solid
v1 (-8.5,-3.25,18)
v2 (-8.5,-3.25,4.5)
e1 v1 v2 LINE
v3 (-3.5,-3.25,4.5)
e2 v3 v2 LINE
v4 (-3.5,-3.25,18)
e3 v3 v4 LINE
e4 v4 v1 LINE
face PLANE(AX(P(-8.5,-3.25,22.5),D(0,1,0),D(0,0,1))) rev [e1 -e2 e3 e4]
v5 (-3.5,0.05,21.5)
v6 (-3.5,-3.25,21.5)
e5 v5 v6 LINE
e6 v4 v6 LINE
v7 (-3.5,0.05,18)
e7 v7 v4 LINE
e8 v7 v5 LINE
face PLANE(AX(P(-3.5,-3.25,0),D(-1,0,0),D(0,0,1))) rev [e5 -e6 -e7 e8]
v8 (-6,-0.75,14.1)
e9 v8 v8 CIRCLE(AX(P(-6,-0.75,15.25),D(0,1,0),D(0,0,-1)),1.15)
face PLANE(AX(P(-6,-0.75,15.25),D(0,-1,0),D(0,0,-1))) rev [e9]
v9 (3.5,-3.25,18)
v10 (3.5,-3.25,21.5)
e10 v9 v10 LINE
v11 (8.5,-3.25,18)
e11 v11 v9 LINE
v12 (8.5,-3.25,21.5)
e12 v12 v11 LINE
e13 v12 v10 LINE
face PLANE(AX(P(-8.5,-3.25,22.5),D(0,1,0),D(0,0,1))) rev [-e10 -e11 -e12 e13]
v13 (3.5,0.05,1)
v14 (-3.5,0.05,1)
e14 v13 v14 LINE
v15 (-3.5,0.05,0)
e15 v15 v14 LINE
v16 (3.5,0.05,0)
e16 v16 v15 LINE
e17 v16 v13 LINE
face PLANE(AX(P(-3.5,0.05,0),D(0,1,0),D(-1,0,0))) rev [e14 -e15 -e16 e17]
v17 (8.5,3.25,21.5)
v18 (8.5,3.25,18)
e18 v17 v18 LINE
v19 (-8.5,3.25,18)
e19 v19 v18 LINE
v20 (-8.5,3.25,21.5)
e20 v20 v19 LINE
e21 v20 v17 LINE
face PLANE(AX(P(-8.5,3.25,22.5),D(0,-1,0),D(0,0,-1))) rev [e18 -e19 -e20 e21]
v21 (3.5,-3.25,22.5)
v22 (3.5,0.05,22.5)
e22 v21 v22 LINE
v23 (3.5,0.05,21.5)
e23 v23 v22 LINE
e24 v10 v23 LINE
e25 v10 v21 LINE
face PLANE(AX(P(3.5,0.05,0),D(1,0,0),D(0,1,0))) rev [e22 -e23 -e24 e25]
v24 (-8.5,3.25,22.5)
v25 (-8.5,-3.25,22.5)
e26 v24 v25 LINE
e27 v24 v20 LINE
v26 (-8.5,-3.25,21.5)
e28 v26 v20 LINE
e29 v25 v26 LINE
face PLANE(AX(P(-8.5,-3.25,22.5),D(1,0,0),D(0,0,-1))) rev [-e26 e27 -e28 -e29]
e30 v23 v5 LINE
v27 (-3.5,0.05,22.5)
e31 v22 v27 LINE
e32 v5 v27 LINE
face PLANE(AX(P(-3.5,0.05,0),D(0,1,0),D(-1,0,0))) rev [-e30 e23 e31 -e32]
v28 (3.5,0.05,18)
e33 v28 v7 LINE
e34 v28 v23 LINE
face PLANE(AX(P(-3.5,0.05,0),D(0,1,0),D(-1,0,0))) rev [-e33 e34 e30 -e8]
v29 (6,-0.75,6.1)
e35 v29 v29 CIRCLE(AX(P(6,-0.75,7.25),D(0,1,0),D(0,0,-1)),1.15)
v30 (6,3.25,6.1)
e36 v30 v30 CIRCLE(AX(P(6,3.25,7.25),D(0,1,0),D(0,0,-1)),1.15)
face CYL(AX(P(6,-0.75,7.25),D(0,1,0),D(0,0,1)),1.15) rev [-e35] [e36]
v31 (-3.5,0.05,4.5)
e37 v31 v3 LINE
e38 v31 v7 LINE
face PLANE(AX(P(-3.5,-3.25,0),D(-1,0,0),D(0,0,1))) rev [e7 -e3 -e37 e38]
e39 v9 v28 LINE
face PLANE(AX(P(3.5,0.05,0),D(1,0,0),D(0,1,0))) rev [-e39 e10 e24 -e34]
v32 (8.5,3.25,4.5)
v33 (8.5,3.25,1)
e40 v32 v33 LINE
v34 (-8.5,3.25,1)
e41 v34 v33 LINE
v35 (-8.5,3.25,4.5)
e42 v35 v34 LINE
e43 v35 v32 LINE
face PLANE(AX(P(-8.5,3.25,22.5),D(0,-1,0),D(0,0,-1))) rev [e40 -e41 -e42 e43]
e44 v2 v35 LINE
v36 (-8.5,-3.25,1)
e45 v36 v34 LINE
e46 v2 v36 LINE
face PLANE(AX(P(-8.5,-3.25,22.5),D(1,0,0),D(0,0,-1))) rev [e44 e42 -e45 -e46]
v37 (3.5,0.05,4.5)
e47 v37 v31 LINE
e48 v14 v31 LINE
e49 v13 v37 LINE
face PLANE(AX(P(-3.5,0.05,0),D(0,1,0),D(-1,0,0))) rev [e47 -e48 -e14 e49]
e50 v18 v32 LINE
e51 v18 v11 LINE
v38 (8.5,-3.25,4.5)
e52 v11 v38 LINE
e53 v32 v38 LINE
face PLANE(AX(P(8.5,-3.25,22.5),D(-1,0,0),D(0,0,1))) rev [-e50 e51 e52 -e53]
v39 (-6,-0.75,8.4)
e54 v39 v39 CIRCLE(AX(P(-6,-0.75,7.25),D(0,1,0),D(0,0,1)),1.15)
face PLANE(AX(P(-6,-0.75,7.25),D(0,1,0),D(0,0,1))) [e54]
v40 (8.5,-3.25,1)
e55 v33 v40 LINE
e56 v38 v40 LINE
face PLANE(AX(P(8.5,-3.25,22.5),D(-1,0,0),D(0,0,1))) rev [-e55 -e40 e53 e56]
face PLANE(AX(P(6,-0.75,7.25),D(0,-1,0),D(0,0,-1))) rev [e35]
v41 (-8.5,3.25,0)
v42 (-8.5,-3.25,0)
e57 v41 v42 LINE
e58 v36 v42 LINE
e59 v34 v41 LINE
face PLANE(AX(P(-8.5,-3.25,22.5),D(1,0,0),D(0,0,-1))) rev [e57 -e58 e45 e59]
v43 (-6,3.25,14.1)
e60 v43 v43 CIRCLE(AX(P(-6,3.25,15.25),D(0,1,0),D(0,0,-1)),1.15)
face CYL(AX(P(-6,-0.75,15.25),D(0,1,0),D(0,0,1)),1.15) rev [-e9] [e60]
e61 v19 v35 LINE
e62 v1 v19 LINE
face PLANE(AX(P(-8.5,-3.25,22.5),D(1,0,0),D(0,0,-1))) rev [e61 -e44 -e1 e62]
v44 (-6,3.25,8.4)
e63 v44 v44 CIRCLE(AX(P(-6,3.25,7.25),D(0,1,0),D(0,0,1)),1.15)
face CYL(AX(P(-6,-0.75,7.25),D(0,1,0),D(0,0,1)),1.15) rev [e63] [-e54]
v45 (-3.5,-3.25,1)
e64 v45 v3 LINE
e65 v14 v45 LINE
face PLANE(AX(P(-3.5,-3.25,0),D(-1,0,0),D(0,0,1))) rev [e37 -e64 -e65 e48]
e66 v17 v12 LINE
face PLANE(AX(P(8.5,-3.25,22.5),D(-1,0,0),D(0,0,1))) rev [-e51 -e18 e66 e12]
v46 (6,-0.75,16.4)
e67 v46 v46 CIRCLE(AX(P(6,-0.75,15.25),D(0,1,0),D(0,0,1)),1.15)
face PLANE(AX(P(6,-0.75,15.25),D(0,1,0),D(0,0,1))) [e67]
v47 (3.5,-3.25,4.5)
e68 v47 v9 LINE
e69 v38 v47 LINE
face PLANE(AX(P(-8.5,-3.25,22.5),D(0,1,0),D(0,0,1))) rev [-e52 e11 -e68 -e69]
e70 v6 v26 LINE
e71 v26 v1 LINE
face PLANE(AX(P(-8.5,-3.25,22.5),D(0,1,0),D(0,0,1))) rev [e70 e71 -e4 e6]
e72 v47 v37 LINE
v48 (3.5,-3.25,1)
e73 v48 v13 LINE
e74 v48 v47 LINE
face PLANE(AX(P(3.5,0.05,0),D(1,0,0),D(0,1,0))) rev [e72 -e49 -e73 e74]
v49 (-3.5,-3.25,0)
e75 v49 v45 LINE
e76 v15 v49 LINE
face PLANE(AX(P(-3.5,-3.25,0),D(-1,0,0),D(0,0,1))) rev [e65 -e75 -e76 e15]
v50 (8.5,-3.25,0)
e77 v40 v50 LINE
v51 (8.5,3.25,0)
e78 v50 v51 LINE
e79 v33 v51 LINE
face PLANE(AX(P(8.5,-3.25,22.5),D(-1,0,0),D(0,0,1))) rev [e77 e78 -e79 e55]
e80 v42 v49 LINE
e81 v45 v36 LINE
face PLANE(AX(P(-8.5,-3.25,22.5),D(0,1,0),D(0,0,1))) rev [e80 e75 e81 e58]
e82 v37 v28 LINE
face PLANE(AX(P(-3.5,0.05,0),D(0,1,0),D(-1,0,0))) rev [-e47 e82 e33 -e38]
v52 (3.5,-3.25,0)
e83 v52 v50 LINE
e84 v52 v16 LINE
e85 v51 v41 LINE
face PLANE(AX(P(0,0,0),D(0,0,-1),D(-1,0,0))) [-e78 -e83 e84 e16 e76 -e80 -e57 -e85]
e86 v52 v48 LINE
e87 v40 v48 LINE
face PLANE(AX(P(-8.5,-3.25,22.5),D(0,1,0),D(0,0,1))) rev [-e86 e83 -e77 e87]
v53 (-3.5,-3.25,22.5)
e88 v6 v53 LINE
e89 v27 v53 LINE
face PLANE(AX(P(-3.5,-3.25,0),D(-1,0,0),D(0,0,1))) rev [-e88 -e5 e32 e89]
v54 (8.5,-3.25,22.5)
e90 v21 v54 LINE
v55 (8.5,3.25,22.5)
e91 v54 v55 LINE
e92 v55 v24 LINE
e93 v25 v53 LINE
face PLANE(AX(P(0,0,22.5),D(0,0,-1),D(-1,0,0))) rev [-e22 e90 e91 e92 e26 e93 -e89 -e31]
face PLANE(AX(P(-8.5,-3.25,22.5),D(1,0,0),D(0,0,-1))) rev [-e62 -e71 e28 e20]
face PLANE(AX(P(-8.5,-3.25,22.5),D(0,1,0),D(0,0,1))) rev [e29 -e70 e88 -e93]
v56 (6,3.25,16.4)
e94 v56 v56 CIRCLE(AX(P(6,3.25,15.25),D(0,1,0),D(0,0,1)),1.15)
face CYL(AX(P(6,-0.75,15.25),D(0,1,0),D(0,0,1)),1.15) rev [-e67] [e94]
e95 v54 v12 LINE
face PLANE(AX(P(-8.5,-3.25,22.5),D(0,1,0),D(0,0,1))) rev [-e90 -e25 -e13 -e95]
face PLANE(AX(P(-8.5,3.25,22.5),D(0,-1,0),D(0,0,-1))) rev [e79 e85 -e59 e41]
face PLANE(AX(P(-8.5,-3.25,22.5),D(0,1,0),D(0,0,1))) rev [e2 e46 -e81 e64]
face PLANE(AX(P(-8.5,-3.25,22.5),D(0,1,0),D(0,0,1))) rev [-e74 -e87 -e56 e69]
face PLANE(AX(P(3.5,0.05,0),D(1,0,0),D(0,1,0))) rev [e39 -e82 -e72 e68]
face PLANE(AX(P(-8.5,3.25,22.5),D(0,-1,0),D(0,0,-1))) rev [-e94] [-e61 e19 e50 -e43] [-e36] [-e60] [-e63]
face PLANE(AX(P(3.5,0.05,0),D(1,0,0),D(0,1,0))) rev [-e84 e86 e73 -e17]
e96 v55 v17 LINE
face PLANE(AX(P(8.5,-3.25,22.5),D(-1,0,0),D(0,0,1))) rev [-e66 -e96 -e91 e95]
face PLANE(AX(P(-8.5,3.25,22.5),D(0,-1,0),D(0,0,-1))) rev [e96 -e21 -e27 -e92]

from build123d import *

# Parameters (mm, degrees)
SKETCH_1_W          = 17
SKETCH_1_H          = 6.5
EXTRUDE_1_DEPTH     = 22.5
SKETCH_2_W          = 7
SKETCH_2_H          = 3.3
CUT_EXTRUDE_1_DEPTH = 23.5
SKETCH_3_R          = 1.15
CUT_EXTRUDE_2_DEPTH = 4


with BuildPart() as part:
    # 草图1 → 凸台-拉伸1 (new body)
    with BuildSketch(Plane.XY):
        Rectangle(SKETCH_1_W, SKETCH_1_H)
    extrude(amount=EXTRUDE_1_DEPTH)

    # 草图2 → 切除-拉伸1 (cut, through all)
    with BuildSketch(Plane.XY.offset(22.5)):
        with Locations((0, -1.6)):
            Rectangle(SKETCH_2_W, SKETCH_2_H)
    extrude(amount=-CUT_EXTRUDE_1_DEPTH, mode=Mode.SUBTRACT)

    # 草图3 → 切除-拉伸2 (cut)
    with BuildSketch(Plane(origin=(0, 3.25, 0), x_dir=(1, 0, 0), z_dir=(0, 1, 0))):
        with Locations((-6, -7.25)):
            Circle(SKETCH_3_R)
        with Locations((-6, -15.25)):
            Circle(SKETCH_3_R)
        with Locations((6, -15.25)):
            Circle(SKETCH_3_R)
        with Locations((6, -7.25)):
            Circle(SKETCH_3_R)
    extrude(amount=-CUT_EXTRUDE_2_DEPTH, mode=Mode.SUBTRACT)


solid = part.part
